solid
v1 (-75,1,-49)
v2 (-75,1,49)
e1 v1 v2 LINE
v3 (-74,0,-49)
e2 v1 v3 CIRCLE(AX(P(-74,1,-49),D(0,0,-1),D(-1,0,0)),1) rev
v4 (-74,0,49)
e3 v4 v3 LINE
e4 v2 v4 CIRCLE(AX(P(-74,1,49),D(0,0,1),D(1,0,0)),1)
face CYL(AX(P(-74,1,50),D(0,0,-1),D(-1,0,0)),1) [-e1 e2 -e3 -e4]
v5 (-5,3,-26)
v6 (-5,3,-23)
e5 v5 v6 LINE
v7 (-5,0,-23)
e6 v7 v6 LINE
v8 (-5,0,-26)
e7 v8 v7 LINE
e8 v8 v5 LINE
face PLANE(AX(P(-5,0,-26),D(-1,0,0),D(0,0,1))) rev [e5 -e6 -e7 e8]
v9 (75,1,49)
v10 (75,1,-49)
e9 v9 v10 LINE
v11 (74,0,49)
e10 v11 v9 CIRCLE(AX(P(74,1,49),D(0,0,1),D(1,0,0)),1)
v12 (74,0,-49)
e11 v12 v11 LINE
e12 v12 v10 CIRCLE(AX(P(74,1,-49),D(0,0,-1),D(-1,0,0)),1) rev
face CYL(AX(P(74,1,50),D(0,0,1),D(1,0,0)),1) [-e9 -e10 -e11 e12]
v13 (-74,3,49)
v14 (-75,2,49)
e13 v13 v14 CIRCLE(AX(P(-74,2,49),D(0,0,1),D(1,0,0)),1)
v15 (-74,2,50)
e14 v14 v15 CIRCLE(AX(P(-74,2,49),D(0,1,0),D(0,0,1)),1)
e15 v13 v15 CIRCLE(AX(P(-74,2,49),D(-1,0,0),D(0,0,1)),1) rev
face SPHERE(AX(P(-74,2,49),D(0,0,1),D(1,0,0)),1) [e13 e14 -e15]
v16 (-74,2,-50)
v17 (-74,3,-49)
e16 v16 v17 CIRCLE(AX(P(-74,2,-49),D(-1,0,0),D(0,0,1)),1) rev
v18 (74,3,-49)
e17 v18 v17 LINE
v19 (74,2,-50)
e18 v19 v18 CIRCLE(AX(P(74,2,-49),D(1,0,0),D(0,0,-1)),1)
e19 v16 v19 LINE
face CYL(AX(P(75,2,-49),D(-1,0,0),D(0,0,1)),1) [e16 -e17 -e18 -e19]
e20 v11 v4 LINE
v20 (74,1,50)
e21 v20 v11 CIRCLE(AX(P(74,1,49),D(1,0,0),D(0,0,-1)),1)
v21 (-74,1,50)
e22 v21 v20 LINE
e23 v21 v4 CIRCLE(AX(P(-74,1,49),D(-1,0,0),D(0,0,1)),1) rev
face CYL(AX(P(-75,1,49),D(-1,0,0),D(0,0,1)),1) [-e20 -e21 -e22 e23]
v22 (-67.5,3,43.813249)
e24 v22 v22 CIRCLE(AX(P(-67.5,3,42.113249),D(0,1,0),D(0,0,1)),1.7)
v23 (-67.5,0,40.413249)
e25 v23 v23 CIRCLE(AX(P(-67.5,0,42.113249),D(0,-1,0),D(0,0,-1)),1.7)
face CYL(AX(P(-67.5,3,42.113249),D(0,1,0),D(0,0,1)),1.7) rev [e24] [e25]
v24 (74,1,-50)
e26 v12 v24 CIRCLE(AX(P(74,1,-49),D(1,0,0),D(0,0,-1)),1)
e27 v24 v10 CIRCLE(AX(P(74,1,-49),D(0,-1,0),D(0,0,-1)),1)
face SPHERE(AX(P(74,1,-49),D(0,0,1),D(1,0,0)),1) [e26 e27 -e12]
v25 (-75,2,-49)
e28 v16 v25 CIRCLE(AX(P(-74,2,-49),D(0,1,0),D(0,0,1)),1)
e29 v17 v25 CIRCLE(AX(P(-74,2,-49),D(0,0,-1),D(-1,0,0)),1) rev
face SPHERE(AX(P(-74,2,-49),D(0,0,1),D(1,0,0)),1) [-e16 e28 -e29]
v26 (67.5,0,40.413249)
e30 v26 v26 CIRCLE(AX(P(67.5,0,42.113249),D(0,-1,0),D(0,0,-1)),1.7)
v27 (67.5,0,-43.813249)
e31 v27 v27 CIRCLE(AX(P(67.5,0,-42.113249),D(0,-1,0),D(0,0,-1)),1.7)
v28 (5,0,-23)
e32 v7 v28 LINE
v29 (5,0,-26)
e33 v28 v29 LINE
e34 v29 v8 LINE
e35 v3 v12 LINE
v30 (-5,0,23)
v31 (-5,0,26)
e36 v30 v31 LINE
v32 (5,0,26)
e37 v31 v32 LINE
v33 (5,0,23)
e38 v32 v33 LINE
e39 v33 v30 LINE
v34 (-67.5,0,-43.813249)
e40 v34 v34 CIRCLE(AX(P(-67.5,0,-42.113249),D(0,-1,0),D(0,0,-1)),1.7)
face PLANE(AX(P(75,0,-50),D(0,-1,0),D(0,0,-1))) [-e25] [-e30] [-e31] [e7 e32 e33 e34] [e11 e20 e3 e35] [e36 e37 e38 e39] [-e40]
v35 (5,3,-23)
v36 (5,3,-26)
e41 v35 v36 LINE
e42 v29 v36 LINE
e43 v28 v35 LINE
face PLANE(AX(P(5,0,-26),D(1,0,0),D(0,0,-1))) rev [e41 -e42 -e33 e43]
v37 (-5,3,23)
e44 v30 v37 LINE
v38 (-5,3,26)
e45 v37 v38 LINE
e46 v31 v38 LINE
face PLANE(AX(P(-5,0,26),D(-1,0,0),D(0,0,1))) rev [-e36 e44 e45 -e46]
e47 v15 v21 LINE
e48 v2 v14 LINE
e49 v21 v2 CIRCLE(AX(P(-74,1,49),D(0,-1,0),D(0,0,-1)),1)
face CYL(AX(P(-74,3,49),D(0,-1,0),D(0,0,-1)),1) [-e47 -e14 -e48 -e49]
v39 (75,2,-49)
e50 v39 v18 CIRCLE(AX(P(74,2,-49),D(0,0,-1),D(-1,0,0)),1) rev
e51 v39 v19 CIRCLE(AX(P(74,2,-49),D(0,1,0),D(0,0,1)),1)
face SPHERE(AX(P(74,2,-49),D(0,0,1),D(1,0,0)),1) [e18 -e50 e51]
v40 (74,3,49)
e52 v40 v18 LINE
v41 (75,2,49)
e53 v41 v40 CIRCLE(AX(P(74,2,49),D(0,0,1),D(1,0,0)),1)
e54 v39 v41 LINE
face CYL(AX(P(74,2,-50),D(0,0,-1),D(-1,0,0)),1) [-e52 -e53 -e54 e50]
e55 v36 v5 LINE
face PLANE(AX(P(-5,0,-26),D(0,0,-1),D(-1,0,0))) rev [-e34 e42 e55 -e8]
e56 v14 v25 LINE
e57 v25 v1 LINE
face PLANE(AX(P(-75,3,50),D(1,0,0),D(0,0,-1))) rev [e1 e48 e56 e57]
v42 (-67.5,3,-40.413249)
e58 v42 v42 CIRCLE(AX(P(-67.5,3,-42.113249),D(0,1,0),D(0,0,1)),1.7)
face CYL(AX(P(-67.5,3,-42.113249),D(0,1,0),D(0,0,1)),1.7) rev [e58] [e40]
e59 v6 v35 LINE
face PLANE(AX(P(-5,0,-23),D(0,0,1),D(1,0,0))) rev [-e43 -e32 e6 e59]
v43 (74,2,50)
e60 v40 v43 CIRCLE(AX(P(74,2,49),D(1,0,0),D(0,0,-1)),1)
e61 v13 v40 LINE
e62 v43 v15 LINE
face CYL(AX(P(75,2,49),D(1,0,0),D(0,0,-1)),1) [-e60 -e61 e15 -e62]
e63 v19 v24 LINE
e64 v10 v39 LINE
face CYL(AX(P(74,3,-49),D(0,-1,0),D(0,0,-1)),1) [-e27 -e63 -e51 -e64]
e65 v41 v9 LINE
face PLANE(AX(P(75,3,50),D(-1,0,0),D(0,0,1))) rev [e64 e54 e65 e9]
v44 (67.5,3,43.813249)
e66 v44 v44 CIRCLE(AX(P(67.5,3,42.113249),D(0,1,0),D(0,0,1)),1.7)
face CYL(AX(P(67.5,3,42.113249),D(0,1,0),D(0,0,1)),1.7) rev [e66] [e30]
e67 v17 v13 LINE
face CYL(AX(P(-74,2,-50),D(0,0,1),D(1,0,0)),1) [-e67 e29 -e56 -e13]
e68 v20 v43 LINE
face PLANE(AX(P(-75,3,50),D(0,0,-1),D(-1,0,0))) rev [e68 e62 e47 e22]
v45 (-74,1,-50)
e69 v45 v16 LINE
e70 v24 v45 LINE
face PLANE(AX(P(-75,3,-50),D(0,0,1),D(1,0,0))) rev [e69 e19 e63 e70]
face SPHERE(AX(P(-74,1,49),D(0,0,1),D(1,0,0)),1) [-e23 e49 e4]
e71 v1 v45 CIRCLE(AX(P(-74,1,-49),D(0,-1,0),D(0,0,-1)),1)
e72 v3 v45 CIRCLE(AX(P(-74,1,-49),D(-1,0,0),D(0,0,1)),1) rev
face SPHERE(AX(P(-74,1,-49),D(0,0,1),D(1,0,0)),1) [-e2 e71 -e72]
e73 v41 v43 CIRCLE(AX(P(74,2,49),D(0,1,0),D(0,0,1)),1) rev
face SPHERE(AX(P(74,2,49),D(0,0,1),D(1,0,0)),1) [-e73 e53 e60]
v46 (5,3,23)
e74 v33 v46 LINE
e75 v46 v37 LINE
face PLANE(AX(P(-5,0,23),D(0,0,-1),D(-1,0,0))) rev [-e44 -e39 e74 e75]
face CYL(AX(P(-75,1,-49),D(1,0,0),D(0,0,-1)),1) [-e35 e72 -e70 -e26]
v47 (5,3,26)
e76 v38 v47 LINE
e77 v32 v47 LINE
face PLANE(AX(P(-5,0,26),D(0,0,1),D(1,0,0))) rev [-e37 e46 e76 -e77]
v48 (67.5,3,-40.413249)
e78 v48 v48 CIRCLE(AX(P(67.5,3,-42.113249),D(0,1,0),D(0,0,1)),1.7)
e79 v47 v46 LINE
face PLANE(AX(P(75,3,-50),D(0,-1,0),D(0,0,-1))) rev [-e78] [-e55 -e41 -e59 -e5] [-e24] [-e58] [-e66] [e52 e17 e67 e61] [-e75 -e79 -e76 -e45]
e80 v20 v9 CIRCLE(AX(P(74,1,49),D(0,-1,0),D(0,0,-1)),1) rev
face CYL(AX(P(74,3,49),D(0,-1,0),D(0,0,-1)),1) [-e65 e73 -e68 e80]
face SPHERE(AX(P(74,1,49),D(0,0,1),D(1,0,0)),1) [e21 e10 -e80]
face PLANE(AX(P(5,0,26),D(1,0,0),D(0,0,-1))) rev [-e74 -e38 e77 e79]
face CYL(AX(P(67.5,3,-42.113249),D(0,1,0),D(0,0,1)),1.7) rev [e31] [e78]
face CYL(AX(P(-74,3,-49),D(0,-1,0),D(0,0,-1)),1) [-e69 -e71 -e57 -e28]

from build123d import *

# Parameters (mm, degrees)
ESQUISSE1_W             = 150
ESQUISSE1_H             = 100
BOSS_EXTRU_1_DEPTH      = 3
CONG_1_R                = 1
D_GAGEMENT_M31_D        = 3.4
D_GAGEMENT_M31_DEPTH    = 5
D_GAGEMENT_M31_TIP      = 1.021463052
ESQUISSE4_W             = 10
ESQUISSE4_H             = 3
ENL_V_MAT_EXTRU_1_DEPTH = 3


with BuildPart() as part:
    # Esquisse1 → Boss.-Extru.1 (new body)
    with BuildSketch(Plane(origin=(0, 0, 0), x_dir=(1, 0, 0), z_dir=(0, 1, 0))):
        Rectangle(ESQUISSE1_W, ESQUISSE1_H)
    extrude(amount=BOSS_EXTRU_1_DEPTH)

    # Congé1
    cong_1_edges = [part.edges().sort_by_distance(p)[0] for p in [
        (-75, 3, 0),
        (0, 3, 50),
        (75, 3, 0),
        (0, 0, 50),
        (-75, 0, 0),
        (0, 0, -50),
        (75, 0, 0),
        (0, 3, -50),
        (75, 1.5, 50),
        (-75, 1.5, 50),
        (-75, 1.5, -50),
        (75, 1.5, -50),
    ]]
    fillet(cong_1_edges, radius=CONG_1_R)

    # Dégagement M31
    with Locations(Plane(origin=(0, 3, 0), x_dir=(-1, 0, 0), z_dir=(0, 1, 0))):
        with Locations((67.5, 42.113248654), (-67.5, 42.113248654), (-67.5, -42.113248654), (67.5, -42.113248654)):
            Hole(D_GAGEMENT_M31_D / 2, depth=D_GAGEMENT_M31_DEPTH)
            with Locations((0, 0, -(D_GAGEMENT_M31_DEPTH + D_GAGEMENT_M31_TIP / 2))):  # 118° drill point
                Cone(0, D_GAGEMENT_M31_D / 2, D_GAGEMENT_M31_TIP, mode=Mode.SUBTRACT)

    # Esquisse4 → Enlèv. mat.-Extru.1 (cut)
    with BuildSketch(Plane(origin=(0, 3, 0), x_dir=(1, 0, 0), z_dir=(0, 1, 0))):
        with Locations((0, 24.5)):
            Rectangle(ESQUISSE4_W, ESQUISSE4_H)
        with Locations((0, -24.5)):
            Rectangle(ESQUISSE4_W, ESQUISSE4_H)
    extrude(amount=-ENL_V_MAT_EXTRU_1_DEPTH, mode=Mode.SUBTRACT)


solid = part.part
